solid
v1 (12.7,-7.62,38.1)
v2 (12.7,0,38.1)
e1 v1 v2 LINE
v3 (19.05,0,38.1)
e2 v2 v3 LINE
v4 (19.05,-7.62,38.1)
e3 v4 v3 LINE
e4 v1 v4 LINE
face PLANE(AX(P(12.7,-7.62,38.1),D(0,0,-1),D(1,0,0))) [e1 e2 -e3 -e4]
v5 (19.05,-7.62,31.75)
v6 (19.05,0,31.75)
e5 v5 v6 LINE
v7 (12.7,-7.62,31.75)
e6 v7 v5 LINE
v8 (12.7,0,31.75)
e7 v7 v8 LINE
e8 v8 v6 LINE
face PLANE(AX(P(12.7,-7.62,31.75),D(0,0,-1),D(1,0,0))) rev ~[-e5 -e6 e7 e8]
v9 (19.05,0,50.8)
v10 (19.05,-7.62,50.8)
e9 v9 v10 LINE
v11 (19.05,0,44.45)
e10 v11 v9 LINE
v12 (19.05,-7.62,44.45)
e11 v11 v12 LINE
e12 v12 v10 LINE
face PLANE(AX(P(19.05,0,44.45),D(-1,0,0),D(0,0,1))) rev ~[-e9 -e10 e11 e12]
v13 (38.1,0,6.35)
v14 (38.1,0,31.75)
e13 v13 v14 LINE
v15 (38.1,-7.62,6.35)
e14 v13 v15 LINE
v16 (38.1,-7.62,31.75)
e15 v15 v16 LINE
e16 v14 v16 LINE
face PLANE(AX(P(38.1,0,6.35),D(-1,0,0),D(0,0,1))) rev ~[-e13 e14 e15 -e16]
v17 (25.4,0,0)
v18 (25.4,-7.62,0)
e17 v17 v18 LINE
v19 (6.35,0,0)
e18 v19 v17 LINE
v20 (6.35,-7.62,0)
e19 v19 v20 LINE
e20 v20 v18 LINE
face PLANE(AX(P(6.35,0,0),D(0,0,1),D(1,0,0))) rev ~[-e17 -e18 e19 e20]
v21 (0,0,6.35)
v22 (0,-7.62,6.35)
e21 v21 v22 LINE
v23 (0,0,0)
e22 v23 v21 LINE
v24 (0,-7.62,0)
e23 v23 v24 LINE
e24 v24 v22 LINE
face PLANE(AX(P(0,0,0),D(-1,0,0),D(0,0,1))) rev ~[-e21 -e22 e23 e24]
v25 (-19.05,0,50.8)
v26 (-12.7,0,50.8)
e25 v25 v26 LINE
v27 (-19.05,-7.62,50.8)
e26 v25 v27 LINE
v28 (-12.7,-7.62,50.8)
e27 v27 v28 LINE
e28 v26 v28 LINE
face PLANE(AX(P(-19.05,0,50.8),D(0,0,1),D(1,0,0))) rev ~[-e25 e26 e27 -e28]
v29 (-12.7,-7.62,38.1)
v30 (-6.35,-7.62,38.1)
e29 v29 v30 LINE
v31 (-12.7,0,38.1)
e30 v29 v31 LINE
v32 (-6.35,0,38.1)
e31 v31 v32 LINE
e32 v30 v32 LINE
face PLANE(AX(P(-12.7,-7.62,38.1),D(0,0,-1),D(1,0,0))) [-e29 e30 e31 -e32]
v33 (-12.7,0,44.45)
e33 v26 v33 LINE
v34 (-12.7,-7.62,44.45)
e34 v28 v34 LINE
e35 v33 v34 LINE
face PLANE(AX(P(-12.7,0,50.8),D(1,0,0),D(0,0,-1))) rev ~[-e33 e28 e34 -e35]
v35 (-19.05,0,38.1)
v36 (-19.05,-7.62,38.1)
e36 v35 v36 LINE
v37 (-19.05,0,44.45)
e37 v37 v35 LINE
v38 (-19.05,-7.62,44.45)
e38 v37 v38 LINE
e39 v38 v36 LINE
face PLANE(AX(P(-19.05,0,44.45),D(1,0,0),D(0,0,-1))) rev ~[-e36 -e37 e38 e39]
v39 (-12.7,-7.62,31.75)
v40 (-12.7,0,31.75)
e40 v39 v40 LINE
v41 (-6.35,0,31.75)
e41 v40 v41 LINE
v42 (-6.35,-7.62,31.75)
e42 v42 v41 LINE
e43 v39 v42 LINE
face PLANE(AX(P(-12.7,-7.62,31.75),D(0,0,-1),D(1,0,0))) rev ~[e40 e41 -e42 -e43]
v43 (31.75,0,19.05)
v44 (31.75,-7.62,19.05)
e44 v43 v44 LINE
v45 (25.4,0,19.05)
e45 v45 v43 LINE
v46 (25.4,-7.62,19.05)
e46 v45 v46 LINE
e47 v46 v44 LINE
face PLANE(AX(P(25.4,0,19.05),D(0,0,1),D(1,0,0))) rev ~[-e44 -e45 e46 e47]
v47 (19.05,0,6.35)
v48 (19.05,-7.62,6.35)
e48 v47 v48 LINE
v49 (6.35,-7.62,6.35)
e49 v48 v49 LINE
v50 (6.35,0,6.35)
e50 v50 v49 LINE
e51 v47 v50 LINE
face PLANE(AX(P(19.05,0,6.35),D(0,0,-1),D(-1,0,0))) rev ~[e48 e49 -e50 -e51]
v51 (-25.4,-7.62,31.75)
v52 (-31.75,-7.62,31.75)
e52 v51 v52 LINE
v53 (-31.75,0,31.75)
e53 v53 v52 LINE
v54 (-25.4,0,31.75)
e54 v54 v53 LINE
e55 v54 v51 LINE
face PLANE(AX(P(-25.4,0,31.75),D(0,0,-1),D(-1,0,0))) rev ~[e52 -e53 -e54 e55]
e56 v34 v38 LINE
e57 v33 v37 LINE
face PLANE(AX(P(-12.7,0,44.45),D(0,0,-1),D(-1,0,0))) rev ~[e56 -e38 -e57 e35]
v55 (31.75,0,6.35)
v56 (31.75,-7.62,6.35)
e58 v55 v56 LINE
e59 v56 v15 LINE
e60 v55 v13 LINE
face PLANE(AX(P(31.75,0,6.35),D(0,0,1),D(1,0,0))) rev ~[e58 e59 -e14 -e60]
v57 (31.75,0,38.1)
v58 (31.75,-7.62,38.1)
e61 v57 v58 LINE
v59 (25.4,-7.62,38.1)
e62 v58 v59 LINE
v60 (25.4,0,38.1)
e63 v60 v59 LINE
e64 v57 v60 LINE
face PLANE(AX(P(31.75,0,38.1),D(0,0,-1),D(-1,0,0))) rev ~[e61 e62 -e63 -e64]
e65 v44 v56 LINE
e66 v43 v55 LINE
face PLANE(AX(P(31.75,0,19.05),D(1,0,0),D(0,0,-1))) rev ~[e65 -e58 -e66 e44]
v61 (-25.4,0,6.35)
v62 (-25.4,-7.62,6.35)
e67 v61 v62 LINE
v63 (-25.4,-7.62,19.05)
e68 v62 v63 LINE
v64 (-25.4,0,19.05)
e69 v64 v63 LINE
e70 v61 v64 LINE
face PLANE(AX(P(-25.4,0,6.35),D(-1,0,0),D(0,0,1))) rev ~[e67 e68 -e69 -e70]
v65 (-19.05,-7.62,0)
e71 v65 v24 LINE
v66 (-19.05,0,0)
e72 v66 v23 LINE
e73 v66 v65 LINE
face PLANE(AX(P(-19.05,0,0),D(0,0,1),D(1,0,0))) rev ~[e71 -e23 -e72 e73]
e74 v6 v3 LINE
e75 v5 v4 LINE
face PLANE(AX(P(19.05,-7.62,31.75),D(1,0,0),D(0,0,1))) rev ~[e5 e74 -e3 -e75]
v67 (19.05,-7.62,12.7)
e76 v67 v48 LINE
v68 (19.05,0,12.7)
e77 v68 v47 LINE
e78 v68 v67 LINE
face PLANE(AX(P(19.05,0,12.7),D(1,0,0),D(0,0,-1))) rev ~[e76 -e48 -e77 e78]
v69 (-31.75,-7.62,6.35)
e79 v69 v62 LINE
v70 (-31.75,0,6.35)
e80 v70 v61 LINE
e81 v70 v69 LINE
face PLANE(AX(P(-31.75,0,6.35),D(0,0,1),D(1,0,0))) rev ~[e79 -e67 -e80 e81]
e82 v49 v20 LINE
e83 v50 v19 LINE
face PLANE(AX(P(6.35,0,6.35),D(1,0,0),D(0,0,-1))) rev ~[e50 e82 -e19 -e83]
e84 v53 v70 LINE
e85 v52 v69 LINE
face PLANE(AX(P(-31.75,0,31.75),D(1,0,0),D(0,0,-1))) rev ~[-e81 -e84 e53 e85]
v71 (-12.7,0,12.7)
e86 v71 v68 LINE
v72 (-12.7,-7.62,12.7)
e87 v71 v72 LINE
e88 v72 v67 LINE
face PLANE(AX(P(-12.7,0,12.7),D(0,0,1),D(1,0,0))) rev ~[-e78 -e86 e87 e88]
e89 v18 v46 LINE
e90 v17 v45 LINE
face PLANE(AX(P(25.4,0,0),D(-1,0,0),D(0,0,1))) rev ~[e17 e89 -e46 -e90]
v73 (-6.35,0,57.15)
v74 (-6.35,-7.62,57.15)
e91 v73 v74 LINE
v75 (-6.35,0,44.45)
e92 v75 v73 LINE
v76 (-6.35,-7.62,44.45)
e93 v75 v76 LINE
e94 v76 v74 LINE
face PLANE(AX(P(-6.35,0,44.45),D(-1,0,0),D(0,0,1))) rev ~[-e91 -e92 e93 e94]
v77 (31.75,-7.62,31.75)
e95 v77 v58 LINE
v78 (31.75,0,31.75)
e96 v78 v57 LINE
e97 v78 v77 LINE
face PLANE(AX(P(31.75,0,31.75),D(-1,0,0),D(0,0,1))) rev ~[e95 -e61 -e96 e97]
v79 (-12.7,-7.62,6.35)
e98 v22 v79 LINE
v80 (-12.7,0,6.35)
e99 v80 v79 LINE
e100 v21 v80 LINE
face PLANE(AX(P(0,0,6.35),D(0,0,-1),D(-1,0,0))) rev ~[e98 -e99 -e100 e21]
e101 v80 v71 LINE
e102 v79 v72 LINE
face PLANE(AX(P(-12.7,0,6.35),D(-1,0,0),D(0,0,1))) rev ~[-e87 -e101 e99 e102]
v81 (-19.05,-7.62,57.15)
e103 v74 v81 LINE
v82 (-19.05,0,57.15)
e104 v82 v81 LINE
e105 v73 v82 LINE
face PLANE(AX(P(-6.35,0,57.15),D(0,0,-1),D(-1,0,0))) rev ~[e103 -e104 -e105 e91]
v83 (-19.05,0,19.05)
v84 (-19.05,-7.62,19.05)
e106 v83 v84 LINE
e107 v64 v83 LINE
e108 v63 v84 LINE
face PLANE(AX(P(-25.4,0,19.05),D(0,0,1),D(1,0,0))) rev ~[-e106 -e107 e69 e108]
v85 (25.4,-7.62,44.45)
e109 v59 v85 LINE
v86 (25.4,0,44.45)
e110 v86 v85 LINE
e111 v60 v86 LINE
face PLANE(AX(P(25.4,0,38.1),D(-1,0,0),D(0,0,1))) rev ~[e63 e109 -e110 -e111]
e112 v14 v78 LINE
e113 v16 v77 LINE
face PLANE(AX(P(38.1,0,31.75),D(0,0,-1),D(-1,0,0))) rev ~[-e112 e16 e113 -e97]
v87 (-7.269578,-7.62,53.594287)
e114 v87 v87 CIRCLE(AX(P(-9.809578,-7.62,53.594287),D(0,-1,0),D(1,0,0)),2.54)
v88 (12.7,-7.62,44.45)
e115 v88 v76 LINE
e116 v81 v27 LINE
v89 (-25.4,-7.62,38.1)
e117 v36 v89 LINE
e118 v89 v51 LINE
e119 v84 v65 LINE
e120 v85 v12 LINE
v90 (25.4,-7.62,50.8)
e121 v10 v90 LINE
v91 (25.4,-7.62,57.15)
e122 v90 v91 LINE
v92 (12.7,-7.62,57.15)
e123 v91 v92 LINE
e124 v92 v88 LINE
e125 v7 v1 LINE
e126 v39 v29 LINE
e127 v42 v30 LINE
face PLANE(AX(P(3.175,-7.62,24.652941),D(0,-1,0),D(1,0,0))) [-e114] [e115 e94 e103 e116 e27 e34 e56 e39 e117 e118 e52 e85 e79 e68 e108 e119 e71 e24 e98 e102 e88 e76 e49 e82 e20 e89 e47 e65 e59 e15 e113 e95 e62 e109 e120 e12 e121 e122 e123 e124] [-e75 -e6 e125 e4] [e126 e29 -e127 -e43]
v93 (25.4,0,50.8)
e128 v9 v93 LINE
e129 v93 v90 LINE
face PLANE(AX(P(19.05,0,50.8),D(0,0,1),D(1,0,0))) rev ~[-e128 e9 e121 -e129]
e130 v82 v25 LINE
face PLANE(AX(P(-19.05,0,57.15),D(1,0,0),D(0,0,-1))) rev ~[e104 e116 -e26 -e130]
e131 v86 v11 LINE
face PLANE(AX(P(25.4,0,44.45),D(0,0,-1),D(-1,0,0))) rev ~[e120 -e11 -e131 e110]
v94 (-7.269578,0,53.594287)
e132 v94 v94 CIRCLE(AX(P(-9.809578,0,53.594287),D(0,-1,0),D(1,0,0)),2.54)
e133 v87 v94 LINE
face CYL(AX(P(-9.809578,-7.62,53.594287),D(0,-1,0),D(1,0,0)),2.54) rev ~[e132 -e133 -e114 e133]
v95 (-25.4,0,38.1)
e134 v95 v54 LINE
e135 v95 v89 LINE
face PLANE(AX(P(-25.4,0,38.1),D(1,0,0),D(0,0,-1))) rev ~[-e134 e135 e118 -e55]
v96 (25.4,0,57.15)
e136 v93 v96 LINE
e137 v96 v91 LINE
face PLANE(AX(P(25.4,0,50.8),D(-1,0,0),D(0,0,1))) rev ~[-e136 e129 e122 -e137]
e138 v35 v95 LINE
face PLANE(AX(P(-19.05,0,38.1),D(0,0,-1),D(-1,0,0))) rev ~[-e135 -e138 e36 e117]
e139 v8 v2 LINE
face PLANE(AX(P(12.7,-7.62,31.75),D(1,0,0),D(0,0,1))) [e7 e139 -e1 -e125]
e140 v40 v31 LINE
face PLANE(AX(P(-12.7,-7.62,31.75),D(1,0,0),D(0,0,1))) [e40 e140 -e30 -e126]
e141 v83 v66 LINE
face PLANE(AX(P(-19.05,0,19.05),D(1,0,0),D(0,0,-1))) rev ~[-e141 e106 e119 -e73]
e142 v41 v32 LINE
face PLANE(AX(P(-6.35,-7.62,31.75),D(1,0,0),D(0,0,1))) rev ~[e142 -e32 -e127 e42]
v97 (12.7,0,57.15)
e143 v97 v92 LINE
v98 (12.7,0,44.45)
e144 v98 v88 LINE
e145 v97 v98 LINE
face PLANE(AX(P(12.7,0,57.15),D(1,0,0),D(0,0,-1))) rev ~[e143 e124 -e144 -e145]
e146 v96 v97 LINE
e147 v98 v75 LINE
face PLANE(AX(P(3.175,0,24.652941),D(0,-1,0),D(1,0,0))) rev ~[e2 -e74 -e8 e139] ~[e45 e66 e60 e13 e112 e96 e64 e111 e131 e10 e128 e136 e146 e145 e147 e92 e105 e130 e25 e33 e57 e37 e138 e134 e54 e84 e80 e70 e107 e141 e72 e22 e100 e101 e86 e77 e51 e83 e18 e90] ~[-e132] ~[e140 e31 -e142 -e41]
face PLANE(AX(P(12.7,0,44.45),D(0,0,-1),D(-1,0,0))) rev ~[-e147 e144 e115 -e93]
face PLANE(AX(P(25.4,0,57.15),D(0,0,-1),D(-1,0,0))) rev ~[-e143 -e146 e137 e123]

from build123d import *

# Parameters (mm, degrees)
F1_DEPTH = 7.62
F2_W     = 6.35
F2_H     = 6.35
F3_DEPTH = 7.62
F4_R     = 2.54
F5_DEPTH = 7.62


with BuildPart() as f1:
    # F0 (on Front) → F1 (new body)
    with BuildSketch(Plane.XZ):
        Polygon((-19.05, 0), (0, 0), (0, 6.35), (-12.7, 6.35), (-12.7, 12.7), (19.05, 12.7), (19.05, 6.35), (6.35, 6.35), (6.35, 0), (25.4, 0), (25.4, 19.05), (31.75, 19.05), (31.75, 6.35), (38.1, 6.35), (38.1, 31.75), (31.75, 31.75), (31.75, 38.1), (25.4, 38.1), (25.4, 44.45), (19.05, 44.45), (19.05, 50.8), (25.4, 50.8), (25.4, 57.15), (12.7, 57.15), (12.7, 44.45), (-6.35, 44.45), (-6.35, 57.15), (-19.05, 57.15), (-19.05, 50.8), (-12.7, 50.8), (-12.7, 44.45), (-19.05, 44.45), (-19.05, 38.1), (-25.4, 38.1), (-25.4, 31.75), (-31.75, 31.75), (-31.75, 6.35), (-25.4, 6.35), (-25.4, 19.05), (-19.05, 19.05), align=None)
    extrude(amount=F1_DEPTH)

    # F2 (on face) → F3 (cut)
    with BuildSketch(Plane.XZ.offset(7.62)):
        with Locations((-9.525, 34.925)):
            Rectangle(F2_W, F2_H)
        with Locations((15.875, 34.925)):
            Rectangle(F2_W, F2_H)
    extrude(amount=-F3_DEPTH, mode=Mode.SUBTRACT)

    # F4 (on face) → F5 (cut)
    with BuildSketch(Plane.XZ.offset(7.62)):
        with Locations((-9.809578, 53.594287)):
            Circle(F4_R)
    extrude(amount=-F5_DEPTH, mode=Mode.SUBTRACT)


solid = f1.part
